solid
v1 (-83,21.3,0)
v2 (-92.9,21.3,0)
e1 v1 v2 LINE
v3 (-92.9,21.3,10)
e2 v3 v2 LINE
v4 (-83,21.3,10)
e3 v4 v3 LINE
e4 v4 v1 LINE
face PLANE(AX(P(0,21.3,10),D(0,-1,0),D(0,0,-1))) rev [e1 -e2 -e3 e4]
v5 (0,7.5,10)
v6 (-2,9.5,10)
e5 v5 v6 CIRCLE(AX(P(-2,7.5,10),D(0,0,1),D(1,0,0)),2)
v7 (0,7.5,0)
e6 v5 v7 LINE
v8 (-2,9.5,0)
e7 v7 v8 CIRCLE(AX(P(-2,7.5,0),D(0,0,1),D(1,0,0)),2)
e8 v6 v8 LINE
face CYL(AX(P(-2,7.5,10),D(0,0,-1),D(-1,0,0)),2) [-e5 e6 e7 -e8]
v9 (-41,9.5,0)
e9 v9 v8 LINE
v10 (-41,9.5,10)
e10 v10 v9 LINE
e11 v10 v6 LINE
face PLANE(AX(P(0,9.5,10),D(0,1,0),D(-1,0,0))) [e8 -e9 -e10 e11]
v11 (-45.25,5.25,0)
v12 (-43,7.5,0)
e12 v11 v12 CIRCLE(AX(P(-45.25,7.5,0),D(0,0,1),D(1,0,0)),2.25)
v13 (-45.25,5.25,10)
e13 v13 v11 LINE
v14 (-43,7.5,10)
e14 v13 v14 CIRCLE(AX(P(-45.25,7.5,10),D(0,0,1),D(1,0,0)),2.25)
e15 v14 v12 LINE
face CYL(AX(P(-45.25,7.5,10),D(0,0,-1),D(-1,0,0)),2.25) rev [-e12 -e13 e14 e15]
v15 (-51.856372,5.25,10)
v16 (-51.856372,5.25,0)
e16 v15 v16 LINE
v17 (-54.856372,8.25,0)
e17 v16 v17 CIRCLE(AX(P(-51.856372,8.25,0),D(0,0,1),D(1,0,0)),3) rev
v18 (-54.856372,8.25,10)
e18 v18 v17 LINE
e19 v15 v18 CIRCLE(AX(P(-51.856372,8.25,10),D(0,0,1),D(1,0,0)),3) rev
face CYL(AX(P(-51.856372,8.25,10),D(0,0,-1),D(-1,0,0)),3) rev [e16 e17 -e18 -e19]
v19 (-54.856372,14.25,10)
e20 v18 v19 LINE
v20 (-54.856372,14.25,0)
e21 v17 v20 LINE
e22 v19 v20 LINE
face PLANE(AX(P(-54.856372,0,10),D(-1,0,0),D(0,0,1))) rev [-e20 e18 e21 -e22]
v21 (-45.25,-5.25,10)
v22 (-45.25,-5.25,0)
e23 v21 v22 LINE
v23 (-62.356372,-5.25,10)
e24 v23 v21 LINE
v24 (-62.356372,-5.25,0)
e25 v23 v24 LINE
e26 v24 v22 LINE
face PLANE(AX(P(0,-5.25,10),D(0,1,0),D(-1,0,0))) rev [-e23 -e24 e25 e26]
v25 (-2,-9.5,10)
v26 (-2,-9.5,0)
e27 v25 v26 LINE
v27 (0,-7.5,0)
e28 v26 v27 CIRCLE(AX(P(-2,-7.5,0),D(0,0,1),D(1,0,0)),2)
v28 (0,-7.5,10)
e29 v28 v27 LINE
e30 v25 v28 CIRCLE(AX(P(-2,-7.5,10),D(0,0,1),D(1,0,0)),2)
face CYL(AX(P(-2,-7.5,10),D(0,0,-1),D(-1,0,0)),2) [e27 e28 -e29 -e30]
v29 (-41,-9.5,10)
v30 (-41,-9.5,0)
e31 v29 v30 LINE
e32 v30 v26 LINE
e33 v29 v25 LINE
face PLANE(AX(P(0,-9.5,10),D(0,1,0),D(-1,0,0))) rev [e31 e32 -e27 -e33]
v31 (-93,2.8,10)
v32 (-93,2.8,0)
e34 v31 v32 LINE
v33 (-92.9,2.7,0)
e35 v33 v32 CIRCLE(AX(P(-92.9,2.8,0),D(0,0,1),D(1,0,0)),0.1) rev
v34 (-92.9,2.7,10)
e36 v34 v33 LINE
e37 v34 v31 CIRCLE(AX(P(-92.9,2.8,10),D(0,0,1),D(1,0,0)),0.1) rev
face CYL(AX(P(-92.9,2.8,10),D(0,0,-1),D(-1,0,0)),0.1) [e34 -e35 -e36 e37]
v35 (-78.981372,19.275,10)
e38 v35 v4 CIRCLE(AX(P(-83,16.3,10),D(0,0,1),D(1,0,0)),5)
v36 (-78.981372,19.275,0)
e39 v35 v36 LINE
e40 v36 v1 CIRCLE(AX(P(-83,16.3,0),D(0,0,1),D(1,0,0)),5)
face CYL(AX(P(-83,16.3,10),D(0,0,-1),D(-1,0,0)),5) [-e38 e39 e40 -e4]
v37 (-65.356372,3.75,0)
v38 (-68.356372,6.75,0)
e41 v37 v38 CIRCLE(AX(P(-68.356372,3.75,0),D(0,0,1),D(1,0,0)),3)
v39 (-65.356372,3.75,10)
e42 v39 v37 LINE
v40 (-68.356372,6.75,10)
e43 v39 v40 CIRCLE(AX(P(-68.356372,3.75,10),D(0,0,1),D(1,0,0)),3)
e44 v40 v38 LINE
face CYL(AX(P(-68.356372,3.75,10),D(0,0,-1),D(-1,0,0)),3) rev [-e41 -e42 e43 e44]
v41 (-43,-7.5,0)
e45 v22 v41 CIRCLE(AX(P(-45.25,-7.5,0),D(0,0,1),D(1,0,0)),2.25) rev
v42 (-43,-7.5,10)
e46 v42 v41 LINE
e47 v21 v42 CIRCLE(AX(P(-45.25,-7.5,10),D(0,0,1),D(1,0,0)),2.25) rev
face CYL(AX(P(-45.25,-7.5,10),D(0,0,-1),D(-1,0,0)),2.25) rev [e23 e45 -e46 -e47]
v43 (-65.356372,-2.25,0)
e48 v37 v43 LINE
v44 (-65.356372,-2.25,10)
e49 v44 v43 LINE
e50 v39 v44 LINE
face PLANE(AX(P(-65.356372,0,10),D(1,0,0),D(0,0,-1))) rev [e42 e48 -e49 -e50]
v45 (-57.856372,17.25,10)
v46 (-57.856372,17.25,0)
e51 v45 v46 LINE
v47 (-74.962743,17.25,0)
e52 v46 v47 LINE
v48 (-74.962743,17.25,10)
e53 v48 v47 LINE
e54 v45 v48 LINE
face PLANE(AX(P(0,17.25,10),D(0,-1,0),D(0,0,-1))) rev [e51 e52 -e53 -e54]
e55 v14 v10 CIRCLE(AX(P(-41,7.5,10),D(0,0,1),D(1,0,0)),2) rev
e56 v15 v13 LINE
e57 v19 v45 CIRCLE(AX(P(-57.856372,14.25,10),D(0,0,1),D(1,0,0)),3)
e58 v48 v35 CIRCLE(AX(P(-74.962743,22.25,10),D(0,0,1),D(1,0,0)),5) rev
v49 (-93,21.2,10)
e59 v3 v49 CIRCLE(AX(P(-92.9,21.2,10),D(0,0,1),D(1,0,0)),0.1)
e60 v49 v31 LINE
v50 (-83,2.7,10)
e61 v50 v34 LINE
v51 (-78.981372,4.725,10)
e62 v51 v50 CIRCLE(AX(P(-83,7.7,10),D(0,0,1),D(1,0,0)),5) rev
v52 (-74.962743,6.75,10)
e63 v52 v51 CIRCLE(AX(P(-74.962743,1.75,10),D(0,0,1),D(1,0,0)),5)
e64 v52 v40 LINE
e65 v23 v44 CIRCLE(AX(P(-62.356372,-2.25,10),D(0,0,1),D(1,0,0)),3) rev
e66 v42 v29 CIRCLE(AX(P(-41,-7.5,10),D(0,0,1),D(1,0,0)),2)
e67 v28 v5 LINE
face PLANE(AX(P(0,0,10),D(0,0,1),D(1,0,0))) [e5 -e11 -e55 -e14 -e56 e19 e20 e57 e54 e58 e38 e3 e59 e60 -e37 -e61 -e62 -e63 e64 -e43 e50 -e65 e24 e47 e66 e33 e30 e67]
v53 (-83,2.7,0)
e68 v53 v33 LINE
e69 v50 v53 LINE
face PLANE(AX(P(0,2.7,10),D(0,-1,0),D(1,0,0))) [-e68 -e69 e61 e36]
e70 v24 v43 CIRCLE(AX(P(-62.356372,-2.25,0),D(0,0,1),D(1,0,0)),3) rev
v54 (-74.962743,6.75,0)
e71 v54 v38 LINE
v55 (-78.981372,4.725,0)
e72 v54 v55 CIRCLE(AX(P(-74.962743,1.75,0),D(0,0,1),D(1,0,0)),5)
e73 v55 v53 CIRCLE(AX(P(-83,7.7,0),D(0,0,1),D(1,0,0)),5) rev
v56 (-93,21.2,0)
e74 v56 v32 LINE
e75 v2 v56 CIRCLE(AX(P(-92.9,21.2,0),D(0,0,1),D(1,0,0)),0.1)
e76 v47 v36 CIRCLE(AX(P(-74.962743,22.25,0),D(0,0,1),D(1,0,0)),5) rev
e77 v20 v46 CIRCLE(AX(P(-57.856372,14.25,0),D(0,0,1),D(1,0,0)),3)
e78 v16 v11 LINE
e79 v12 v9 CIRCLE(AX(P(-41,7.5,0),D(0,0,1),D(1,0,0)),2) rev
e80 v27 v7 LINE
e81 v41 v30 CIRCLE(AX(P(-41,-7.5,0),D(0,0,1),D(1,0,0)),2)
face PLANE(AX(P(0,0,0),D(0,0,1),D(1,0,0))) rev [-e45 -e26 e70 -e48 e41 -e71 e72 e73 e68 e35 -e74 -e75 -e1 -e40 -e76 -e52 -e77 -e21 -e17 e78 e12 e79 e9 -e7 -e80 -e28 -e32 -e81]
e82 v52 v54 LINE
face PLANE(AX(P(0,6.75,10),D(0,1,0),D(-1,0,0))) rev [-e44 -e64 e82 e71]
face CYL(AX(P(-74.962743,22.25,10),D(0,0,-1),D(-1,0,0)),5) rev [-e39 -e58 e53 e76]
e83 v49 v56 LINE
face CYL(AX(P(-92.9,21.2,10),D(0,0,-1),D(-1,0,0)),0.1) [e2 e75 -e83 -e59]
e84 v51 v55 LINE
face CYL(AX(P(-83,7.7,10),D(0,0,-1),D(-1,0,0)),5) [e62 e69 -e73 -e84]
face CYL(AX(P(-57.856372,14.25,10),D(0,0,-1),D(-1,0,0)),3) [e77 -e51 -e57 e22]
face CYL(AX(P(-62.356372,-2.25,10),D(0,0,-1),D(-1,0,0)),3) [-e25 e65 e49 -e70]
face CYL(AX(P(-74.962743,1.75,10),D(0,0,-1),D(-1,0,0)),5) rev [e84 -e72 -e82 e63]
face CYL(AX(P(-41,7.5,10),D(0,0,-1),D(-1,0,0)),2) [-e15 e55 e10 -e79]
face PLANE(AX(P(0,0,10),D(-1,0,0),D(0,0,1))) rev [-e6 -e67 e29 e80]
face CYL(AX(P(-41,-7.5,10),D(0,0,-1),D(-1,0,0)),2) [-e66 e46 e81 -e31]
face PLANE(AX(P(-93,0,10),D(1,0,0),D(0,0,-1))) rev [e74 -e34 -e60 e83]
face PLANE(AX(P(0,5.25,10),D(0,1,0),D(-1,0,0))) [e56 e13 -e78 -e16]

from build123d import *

# Parameters (mm, degrees)
BOSS_EXTRUDE2_DEPTH = 10


with BuildPart() as part:
    # Sketch1 → Boss-Extrude2 (new body)
    with BuildSketch(Plane(origin=(0, 0, 0), x_dir=(0, 1, 0), z_dir=(0, 0, 1))):
        with BuildLine():
            Line((21.3, 83), (21.3, 92.9))
            ThreePointArc((21.3, 92.9), (21.270710678, 92.970710678), (21.2, 93))
            Line((21.2, 93), (2.8, 93))
            ThreePointArc((2.8, 93), (2.729289322, 92.970710678), (2.7, 92.9))
            Line((2.7, 92.9), (2.7, 83))
            ThreePointArc((2.7, 83), (3.234857225, 80.75), (4.725, 78.981371503))
            ThreePointArc((4.725, 78.981371503), (6.215142775, 77.212743005), (6.75, 74.962743005))
            Line((6.75, 74.962743005), (6.75, 68.356371503))
            ThreePointArc((6.75, 68.356371503), (5.871320344, 66.235051159), (3.75, 65.356371503))
            Line((3.75, 65.356371503), (-2.25, 65.356371503))
            ThreePointArc((-2.25, 65.356371503), (-4.371320344, 64.477691846), (-5.25, 62.356371503))
            Line((-5.25, 62.356371503), (-5.25, 45.25))
            ThreePointArc((-5.25, 45.25), (-5.909009742, 43.659009742), (-7.5, 43))
            ThreePointArc((-7.5, 43), (-8.914213562, 42.414213562), (-9.5, 41))
            Line((-9.5, 41), (-9.5, 2))
            ThreePointArc((-9.5, 2), (-8.914213562, 0.585786438), (-7.5, 0))
            Line((-7.5, 0), (7.5, 0))
            ThreePointArc((7.5, 0), (8.914213562, 0.585786438), (9.5, 2))
            Line((9.5, 2), (9.5, 41))
            ThreePointArc((9.5, 41), (8.914213562, 42.414213562), (7.5, 43))
            ThreePointArc((7.5, 43), (5.909009742, 43.659009742), (5.25, 45.25))
            Line((5.25, 45.25), (5.25, 51.856371503))
            ThreePointArc((5.25, 51.856371503), (6.128679656, 53.977691846), (8.25, 54.856371503))
            Line((8.25, 54.856371503), (14.25, 54.856371503))
            ThreePointArc((14.25, 54.856371503), (16.371320344, 55.735051159), (17.25, 57.856371503))
            Line((17.25, 57.856371503), (17.25, 74.962743005))
            ThreePointArc((17.25, 74.962743005), (17.784857225, 77.212743005), (19.275, 78.981371503))
            ThreePointArc((19.275, 78.981371503), (20.765142775, 80.75), (21.3, 83))
        make_face()
    extrude(amount=BOSS_EXTRUDE2_DEPTH)


solid = part.part
